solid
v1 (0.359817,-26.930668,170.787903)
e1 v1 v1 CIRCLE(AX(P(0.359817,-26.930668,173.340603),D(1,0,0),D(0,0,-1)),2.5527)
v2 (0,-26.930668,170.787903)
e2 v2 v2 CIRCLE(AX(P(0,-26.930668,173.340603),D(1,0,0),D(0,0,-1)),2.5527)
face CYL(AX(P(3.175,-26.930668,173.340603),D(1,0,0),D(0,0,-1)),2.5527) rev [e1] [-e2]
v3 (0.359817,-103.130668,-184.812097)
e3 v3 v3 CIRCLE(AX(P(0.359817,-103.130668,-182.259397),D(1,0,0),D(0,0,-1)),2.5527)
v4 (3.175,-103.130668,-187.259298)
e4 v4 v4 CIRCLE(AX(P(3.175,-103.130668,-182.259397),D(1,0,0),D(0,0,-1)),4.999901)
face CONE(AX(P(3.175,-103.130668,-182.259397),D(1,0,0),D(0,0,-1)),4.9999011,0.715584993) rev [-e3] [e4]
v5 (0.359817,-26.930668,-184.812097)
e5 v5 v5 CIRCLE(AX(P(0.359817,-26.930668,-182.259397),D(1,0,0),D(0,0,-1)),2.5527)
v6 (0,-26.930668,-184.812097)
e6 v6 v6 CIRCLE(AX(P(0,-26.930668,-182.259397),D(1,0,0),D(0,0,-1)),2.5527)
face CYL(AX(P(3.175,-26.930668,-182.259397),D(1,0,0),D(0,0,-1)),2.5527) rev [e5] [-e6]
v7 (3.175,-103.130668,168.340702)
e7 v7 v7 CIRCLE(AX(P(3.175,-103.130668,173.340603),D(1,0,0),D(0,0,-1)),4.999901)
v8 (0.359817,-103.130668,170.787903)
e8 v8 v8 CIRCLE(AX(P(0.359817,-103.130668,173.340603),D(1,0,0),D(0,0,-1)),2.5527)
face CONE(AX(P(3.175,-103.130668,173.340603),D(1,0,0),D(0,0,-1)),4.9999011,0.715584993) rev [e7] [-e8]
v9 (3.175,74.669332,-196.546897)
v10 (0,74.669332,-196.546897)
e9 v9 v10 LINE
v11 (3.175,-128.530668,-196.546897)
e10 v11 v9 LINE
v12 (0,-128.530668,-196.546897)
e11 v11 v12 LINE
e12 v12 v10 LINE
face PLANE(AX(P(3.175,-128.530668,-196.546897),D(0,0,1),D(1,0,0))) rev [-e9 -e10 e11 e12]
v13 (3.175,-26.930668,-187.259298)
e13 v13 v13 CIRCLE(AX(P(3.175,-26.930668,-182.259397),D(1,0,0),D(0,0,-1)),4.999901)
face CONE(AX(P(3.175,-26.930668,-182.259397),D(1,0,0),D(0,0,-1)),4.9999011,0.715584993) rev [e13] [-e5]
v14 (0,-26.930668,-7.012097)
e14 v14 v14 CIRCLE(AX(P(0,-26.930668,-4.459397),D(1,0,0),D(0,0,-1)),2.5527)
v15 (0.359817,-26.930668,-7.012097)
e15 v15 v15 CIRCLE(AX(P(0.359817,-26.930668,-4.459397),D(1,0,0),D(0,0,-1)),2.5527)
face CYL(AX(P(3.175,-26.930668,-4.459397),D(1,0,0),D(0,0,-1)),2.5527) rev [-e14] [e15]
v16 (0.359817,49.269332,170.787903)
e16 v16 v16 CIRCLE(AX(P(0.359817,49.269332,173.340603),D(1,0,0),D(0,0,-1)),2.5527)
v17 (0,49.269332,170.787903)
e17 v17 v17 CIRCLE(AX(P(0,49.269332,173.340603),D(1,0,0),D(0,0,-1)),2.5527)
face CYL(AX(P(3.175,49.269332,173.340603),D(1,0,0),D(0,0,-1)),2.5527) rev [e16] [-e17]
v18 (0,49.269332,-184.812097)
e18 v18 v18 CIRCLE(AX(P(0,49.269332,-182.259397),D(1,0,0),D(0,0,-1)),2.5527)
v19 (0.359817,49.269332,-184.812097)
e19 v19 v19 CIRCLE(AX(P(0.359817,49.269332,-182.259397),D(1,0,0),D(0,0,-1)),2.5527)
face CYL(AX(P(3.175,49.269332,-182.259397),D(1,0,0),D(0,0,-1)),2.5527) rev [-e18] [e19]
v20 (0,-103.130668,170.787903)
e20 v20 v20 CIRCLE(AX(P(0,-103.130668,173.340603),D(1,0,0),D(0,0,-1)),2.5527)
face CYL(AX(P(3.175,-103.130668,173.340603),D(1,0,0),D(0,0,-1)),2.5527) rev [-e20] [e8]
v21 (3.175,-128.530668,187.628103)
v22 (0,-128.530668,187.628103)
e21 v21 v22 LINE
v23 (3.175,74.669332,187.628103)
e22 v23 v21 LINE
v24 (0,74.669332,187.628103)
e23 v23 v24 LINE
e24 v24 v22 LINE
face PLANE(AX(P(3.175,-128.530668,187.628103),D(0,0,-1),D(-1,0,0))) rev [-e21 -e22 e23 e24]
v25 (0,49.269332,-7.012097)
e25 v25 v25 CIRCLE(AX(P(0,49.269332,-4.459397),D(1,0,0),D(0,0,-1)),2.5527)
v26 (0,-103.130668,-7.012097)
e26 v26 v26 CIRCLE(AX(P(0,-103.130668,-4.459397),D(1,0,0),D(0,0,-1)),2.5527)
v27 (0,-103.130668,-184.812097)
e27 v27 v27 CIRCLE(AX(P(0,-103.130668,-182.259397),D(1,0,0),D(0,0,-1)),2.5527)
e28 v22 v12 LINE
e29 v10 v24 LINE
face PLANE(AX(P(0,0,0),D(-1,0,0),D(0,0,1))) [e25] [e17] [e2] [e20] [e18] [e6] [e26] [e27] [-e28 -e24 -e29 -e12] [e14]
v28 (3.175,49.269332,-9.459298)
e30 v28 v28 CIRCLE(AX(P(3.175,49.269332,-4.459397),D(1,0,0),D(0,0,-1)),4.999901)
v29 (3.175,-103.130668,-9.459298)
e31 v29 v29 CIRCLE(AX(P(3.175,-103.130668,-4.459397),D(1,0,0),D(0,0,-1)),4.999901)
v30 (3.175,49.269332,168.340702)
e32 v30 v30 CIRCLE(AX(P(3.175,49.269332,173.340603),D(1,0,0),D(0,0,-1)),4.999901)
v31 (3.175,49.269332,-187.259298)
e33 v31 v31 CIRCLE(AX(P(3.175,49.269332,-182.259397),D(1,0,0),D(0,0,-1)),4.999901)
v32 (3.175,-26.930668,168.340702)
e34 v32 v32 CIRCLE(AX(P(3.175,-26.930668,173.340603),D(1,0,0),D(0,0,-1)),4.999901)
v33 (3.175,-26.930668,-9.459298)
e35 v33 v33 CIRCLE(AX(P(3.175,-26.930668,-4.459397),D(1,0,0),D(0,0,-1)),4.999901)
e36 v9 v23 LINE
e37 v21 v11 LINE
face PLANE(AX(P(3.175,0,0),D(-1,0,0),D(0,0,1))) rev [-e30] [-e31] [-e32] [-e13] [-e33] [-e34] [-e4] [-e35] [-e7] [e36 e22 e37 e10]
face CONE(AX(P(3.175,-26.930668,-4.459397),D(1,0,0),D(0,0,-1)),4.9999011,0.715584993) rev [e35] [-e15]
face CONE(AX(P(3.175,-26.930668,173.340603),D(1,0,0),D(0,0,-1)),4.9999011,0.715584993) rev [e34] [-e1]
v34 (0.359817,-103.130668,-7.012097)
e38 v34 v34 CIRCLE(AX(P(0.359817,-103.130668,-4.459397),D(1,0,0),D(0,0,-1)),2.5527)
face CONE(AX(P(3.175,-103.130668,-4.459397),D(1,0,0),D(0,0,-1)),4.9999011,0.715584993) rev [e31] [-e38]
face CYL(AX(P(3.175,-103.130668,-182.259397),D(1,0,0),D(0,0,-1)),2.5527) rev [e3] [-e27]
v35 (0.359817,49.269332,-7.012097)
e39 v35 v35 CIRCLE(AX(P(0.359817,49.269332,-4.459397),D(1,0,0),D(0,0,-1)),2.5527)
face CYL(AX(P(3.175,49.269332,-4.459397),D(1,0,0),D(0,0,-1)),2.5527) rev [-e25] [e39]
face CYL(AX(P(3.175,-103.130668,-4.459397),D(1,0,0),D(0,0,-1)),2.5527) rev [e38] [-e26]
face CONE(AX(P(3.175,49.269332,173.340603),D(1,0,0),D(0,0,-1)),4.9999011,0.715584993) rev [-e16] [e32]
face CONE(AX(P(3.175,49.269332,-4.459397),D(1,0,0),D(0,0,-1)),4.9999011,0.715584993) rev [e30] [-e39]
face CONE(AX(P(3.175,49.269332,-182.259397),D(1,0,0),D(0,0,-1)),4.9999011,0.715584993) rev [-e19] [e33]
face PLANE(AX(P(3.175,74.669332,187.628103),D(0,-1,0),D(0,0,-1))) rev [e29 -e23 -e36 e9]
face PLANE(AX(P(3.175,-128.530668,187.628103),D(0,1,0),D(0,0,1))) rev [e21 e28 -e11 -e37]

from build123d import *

# Parameters (mm, degrees)
SKETCH1_W                                    = 384.175
SKETCH1_H                                    = 203.2
BOSS_EXTRUDE1_DEPTH                          = 3.175
CSK_FOR_10_FLAT_HEAD_MACHINE_SCREW1_AT_COUNT = 2
CSK_FOR_10_FLAT_HEAD_MACHINE_SCREW1_AT_PITCH = 76.2
CSK_FOR_10_FLAT_HEAD_MACHINE_SCREW1_2_COUNT  = 2
CSK_FOR_10_FLAT_HEAD_MACHINE_SCREW1_2_PITCH  = 152.4
CSK_FOR_10_FLAT_HEAD_MACHINE_SCREW1_3_COUNT  = 2
CSK_FOR_10_FLAT_HEAD_MACHINE_SCREW1_3_PITCH  = 177.8
CSK_FOR_10_FLAT_HEAD_MACHINE_SCREW1_4_COUNT  = 2
CSK_FOR_10_FLAT_HEAD_MACHINE_SCREW1_4_PITCH  = 193.440636889
CSK_FOR_10_FLAT_HEAD_MACHINE_SCREW1_5_COUNT  = 2
CSK_FOR_10_FLAT_HEAD_MACHINE_SCREW1_5_PITCH  = 234.176429215
CSK_FOR_10_FLAT_HEAD_MACHINE_SCREW1_6_COUNT  = 2
CSK_FOR_10_FLAT_HEAD_MACHINE_SCREW1_6_PITCH  = 363.672655007
CSK_FOR_10_FLAT_HEAD_MACHINE_SCREW1_7_COUNT  = 2
CSK_FOR_10_FLAT_HEAD_MACHINE_SCREW1_7_PITCH  = 386.881273778


with BuildPart() as part:
    # Sketch1 → Boss-Extrude1 (new body)
    with BuildSketch(Plane(origin=(0, 0, 0), x_dir=(0, 0, -1), z_dir=(1, 0, 0))):
        with Locations((4.459397375, -26.930668258)):
            Rectangle(SKETCH1_W, SKETCH1_H)
    extrude(amount=BOSS_EXTRUDE1_DEPTH)

    # Sketch6 → CSK for #10 Flat Head Machine Screw1 (revolve, cut)
    with BuildSketch(Plane(origin=(3.175, 49.269331742, 173.340602625), x_dir=(0, 0, -1), z_dir=(0, 1, 0))):
        Polygon((0, 0), (0, 3.175), (2.5527, 3.175), (2.5527, 2.815182832), (4.9999011, 0), align=None)
    csk_for_10_flat_head_machine_screw1 = revolve(axis=Axis((9.525, 49.269331742, 173.340602625), (-1, 0, 0)), mode=Mode.SUBTRACT)

    # CSK for #10 Flat Head Machine Screw1 at: CSK for #10 Flat Head Machine Screw1 ×2
    with Locations(*[(0, -i * CSK_FOR_10_FLAT_HEAD_MACHINE_SCREW1_AT_PITCH, 0) for i in range(1, CSK_FOR_10_FLAT_HEAD_MACHINE_SCREW1_AT_COUNT)]):
        add(csk_for_10_flat_head_machine_screw1, mode=Mode.SUBTRACT)

    # CSK for _10 Flat Head Machine Screw1 2: CSK for #10 Flat Head Machine Screw1 ×2
    with Locations(*[(0, -i * CSK_FOR_10_FLAT_HEAD_MACHINE_SCREW1_2_PITCH, 0) for i in range(1, CSK_FOR_10_FLAT_HEAD_MACHINE_SCREW1_2_COUNT)]):
        add(csk_for_10_flat_head_machine_screw1, mode=Mode.SUBTRACT)

    # CSK for _10 Flat Head Machine Screw1 3: CSK for #10 Flat Head Machine Screw1 ×2
    with Locations(*[(0, 0, -i * CSK_FOR_10_FLAT_HEAD_MACHINE_SCREW1_3_PITCH) for i in range(1, CSK_FOR_10_FLAT_HEAD_MACHINE_SCREW1_3_COUNT)]):
        add(csk_for_10_flat_head_machine_screw1, mode=Mode.SUBTRACT)

    # CSK for _10 Flat Head Machine Screw1 4: CSK for #10 Flat Head Machine Screw1 ×2
    with Locations(*[Vector(0, -0.39391929857916763, -0.9191450300180579) * (i * CSK_FOR_10_FLAT_HEAD_MACHINE_SCREW1_4_PITCH) for i in range(1, CSK_FOR_10_FLAT_HEAD_MACHINE_SCREW1_4_COUNT)]):
        add(csk_for_10_flat_head_machine_screw1, mode=Mode.SUBTRACT)

    # CSK for _10 Flat Head Machine Screw1 5: CSK for #10 Flat Head Machine Screw1 ×2
    with Locations(*[Vector(0, -0.6507913734559685, -0.7592566023652967) * (i * CSK_FOR_10_FLAT_HEAD_MACHINE_SCREW1_5_PITCH) for i in range(1, CSK_FOR_10_FLAT_HEAD_MACHINE_SCREW1_5_COUNT)]):
        add(csk_for_10_flat_head_machine_screw1, mode=Mode.SUBTRACT)

    # CSK for _10 Flat Head Machine Screw1 6: CSK for #10 Flat Head Machine Screw1 ×2
    with Locations(*[Vector(0, -0.2095290887308736, -0.9778024140774095) * (i * CSK_FOR_10_FLAT_HEAD_MACHINE_SCREW1_6_PITCH) for i in range(1, CSK_FOR_10_FLAT_HEAD_MACHINE_SCREW1_6_COUNT)]):
        add(csk_for_10_flat_head_machine_screw1, mode=Mode.SUBTRACT)

    # CSK for _10 Flat Head Machine Screw1 7: CSK for #10 Flat Head Machine Screw1 ×2
    with Locations(*[Vector(0, -0.3939192985791678, -0.9191450300180579) * (i * CSK_FOR_10_FLAT_HEAD_MACHINE_SCREW1_7_PITCH) for i in range(1, CSK_FOR_10_FLAT_HEAD_MACHINE_SCREW1_7_COUNT)]):
        add(csk_for_10_flat_head_machine_screw1, mode=Mode.SUBTRACT)

    # Sketch8 → CSK for #10 Flat Head Machine Screw2 (revolve, cut)
    with BuildSketch(Plane(origin=(3.175, 49.269331742, -182.259397375), x_dir=(0, 0, -1), z_dir=(0, 1, 0))):
        Polygon((0, 0), (0, 3.175), (2.5527, 3.175), (2.5527, 2.815182832), (4.9999011, 0), align=None)
    revolve(axis=Axis((9.525, 49.269331742, -182.259397375), (-1, 0, 0)), mode=Mode.SUBTRACT)


solid = part.part
